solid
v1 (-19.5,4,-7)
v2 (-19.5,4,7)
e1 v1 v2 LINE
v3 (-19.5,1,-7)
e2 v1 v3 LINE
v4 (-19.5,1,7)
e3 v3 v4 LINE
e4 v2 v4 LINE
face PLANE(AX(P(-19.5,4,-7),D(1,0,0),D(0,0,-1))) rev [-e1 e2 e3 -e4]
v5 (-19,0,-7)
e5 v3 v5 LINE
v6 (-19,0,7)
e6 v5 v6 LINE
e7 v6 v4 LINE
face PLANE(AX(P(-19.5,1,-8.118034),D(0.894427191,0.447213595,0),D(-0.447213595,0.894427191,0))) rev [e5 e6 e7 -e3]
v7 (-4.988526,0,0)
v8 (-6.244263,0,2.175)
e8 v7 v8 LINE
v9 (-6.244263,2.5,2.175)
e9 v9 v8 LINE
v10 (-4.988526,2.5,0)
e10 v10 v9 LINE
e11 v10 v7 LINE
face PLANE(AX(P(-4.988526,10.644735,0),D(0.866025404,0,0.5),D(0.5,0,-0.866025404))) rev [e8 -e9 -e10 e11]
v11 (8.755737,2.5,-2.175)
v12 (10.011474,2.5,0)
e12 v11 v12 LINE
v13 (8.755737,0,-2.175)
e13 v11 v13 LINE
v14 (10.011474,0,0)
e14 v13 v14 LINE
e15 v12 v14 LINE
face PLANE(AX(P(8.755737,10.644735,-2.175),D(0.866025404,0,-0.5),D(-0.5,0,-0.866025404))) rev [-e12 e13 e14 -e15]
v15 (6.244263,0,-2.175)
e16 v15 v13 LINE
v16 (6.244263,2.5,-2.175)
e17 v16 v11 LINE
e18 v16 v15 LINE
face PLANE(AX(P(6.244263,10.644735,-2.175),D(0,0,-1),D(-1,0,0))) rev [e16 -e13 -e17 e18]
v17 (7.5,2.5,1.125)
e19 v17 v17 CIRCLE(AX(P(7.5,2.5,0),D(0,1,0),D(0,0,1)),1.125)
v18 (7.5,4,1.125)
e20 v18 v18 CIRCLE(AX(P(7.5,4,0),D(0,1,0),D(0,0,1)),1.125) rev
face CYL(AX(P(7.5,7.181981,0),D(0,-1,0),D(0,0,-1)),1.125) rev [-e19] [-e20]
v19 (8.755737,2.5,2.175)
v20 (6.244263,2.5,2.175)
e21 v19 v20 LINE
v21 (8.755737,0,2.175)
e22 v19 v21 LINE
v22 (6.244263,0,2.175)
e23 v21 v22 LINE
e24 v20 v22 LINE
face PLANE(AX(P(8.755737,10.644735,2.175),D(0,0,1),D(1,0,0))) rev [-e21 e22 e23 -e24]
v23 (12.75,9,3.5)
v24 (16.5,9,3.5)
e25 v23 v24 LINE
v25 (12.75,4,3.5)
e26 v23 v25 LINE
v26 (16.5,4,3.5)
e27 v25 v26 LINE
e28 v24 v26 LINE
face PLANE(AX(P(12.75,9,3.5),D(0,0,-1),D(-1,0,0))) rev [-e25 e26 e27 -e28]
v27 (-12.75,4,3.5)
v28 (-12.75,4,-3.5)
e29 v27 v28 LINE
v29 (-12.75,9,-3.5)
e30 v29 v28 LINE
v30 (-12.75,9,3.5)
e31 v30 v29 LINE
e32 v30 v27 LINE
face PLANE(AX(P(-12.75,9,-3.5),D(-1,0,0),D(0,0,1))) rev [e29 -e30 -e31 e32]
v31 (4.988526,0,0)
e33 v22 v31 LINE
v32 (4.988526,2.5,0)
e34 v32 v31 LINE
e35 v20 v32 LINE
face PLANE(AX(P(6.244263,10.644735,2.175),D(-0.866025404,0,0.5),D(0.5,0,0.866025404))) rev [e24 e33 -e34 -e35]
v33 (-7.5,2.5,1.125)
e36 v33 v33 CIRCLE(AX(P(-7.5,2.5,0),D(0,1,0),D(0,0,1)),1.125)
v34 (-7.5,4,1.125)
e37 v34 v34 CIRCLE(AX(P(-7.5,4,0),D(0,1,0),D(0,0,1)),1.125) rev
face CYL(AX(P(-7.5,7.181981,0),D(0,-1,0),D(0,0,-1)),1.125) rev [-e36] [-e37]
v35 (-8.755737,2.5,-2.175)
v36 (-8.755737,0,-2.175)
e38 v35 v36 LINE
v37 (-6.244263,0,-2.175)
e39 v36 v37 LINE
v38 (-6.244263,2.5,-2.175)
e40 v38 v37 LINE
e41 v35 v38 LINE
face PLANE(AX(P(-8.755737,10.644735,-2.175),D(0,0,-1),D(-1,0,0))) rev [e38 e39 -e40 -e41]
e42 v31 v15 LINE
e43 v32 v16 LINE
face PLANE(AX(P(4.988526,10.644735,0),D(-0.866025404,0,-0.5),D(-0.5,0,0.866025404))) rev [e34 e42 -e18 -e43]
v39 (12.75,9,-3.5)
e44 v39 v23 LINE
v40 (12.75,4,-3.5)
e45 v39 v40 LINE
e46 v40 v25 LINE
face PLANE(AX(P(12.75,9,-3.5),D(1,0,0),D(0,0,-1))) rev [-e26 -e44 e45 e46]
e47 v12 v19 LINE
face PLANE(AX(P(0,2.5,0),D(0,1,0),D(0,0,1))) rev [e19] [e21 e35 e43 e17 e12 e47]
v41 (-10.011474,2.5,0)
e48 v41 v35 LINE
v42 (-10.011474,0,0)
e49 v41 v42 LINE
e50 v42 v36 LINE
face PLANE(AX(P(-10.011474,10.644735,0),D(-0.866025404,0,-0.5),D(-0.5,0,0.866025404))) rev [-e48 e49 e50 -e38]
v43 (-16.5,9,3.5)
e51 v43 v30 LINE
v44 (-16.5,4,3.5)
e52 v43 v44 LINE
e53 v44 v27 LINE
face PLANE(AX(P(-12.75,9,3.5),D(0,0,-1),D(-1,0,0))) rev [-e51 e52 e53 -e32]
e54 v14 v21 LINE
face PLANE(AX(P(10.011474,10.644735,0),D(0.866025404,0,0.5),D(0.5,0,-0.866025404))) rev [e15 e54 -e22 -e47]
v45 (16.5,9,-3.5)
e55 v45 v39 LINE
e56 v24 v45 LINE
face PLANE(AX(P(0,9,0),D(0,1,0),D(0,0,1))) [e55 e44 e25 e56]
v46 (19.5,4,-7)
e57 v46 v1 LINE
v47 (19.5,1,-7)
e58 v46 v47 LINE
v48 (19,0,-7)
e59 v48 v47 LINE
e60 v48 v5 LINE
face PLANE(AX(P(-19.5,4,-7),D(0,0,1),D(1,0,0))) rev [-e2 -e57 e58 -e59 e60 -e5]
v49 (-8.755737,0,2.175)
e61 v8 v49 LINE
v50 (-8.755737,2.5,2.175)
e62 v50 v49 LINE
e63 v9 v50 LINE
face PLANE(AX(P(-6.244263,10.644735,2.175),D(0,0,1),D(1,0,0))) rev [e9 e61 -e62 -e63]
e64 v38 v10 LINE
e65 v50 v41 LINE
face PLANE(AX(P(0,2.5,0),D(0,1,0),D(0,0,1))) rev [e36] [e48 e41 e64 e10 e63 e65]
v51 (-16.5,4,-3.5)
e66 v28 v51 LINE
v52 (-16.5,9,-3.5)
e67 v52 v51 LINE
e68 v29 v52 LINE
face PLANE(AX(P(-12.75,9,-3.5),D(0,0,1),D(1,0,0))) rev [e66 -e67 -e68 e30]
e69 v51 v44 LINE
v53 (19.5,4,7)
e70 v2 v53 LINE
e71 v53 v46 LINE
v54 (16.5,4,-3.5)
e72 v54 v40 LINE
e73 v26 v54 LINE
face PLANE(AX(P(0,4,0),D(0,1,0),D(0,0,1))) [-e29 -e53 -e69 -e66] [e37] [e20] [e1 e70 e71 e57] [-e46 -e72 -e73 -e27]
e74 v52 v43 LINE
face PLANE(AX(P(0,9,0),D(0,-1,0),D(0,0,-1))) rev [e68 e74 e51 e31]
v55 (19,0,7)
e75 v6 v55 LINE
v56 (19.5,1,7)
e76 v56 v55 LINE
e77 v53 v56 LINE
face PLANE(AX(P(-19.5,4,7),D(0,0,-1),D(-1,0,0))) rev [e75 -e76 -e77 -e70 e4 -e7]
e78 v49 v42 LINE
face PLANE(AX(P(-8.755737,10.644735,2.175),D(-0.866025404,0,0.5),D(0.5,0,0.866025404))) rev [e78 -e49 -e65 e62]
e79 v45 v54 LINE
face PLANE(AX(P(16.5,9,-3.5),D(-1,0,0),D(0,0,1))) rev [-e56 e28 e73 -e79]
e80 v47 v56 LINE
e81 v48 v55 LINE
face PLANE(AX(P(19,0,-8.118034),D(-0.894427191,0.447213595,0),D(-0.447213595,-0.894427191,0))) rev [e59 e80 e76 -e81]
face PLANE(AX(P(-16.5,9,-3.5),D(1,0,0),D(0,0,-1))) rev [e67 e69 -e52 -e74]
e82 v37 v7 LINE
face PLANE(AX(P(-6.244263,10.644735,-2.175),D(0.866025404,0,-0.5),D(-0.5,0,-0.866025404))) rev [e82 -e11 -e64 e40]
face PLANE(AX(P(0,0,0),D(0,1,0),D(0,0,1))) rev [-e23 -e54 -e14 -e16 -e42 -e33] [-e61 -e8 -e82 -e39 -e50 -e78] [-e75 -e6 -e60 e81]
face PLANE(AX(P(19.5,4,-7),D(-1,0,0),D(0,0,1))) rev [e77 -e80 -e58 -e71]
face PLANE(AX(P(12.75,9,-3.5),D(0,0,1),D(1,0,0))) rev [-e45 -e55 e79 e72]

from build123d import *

# Parameters (mm, degrees)
SKETCH_1_W          = 39
SKETCH_1_H          = 14
EXTRUDE_1_DEPTH     = 4
CUT_EXTRUDE_1_DEPTH = 2.5
SKETCH_3_R          = 1.125
CUT_EXTRUDE_2_DEPTH = 4
SKETCH_4_W          = 3.75
SKETCH_4_H          = 7
EXTRUDE_2_DEPTH     = 5
CUT_EXTRUDE_4_DEPTH = 14


with BuildPart() as part:
    # 스케치1 → 보스-돌출1 (new body)
    with BuildSketch(Plane(origin=(0, 0, 0), x_dir=(1, 0, 0), z_dir=(0, 1, 0))):
        Rectangle(SKETCH_1_W, SKETCH_1_H)
    extrude(amount=EXTRUDE_1_DEPTH)

    # 스케치2 → 컷-돌출1 (cut)
    with BuildSketch(Plane.XZ):
        Polygon((10.011473671, 0), (8.755736835, 2.175), (6.244263165, 2.175), (4.988526329, 0), (6.244263165, -2.175), (8.755736835, -2.175), align=None)
        Polygon((-4.988526329, 0), (-6.244263165, 2.175), (-8.755736835, 2.175), (-10.011473671, 0), (-8.755736835, -2.175), (-6.244263165, -2.175), align=None)
    extrude(amount=-CUT_EXTRUDE_1_DEPTH, mode=Mode.SUBTRACT)

    # 스케치3 → 컷-돌출2 (cut)
    with BuildSketch(Plane.XZ):
        with Locations((-7.5, 0)):
            Circle(SKETCH_3_R)
        with Locations((7.5, 0)):
            Circle(SKETCH_3_R)
    extrude(amount=-CUT_EXTRUDE_2_DEPTH, mode=Mode.SUBTRACT)

    # 스케치4 → 보스-돌출2 (add)
    with BuildSketch(Plane(origin=(0, 4, 0), x_dir=(1, 0, 0), z_dir=(0, 1, 0))):
        with Locations((-14.625, 0)):
            Rectangle(SKETCH_4_W, SKETCH_4_H)
        with Locations((14.625, 0)):
            Rectangle(SKETCH_4_W, SKETCH_4_H)
    extrude(amount=EXTRUDE_2_DEPTH)

    # 스케치5 → 컷-돌출4 (cut)
    with BuildSketch(Plane.XY.offset(7)):
        Polygon((-19.5, 1), (-19, 0), (-19.5, 0), align=None)
        Polygon((19.5, 1), (19.5, 0), (19, 0), align=None)
    extrude(amount=-CUT_EXTRUDE_4_DEPTH, mode=Mode.SUBTRACT)


solid = part.part
